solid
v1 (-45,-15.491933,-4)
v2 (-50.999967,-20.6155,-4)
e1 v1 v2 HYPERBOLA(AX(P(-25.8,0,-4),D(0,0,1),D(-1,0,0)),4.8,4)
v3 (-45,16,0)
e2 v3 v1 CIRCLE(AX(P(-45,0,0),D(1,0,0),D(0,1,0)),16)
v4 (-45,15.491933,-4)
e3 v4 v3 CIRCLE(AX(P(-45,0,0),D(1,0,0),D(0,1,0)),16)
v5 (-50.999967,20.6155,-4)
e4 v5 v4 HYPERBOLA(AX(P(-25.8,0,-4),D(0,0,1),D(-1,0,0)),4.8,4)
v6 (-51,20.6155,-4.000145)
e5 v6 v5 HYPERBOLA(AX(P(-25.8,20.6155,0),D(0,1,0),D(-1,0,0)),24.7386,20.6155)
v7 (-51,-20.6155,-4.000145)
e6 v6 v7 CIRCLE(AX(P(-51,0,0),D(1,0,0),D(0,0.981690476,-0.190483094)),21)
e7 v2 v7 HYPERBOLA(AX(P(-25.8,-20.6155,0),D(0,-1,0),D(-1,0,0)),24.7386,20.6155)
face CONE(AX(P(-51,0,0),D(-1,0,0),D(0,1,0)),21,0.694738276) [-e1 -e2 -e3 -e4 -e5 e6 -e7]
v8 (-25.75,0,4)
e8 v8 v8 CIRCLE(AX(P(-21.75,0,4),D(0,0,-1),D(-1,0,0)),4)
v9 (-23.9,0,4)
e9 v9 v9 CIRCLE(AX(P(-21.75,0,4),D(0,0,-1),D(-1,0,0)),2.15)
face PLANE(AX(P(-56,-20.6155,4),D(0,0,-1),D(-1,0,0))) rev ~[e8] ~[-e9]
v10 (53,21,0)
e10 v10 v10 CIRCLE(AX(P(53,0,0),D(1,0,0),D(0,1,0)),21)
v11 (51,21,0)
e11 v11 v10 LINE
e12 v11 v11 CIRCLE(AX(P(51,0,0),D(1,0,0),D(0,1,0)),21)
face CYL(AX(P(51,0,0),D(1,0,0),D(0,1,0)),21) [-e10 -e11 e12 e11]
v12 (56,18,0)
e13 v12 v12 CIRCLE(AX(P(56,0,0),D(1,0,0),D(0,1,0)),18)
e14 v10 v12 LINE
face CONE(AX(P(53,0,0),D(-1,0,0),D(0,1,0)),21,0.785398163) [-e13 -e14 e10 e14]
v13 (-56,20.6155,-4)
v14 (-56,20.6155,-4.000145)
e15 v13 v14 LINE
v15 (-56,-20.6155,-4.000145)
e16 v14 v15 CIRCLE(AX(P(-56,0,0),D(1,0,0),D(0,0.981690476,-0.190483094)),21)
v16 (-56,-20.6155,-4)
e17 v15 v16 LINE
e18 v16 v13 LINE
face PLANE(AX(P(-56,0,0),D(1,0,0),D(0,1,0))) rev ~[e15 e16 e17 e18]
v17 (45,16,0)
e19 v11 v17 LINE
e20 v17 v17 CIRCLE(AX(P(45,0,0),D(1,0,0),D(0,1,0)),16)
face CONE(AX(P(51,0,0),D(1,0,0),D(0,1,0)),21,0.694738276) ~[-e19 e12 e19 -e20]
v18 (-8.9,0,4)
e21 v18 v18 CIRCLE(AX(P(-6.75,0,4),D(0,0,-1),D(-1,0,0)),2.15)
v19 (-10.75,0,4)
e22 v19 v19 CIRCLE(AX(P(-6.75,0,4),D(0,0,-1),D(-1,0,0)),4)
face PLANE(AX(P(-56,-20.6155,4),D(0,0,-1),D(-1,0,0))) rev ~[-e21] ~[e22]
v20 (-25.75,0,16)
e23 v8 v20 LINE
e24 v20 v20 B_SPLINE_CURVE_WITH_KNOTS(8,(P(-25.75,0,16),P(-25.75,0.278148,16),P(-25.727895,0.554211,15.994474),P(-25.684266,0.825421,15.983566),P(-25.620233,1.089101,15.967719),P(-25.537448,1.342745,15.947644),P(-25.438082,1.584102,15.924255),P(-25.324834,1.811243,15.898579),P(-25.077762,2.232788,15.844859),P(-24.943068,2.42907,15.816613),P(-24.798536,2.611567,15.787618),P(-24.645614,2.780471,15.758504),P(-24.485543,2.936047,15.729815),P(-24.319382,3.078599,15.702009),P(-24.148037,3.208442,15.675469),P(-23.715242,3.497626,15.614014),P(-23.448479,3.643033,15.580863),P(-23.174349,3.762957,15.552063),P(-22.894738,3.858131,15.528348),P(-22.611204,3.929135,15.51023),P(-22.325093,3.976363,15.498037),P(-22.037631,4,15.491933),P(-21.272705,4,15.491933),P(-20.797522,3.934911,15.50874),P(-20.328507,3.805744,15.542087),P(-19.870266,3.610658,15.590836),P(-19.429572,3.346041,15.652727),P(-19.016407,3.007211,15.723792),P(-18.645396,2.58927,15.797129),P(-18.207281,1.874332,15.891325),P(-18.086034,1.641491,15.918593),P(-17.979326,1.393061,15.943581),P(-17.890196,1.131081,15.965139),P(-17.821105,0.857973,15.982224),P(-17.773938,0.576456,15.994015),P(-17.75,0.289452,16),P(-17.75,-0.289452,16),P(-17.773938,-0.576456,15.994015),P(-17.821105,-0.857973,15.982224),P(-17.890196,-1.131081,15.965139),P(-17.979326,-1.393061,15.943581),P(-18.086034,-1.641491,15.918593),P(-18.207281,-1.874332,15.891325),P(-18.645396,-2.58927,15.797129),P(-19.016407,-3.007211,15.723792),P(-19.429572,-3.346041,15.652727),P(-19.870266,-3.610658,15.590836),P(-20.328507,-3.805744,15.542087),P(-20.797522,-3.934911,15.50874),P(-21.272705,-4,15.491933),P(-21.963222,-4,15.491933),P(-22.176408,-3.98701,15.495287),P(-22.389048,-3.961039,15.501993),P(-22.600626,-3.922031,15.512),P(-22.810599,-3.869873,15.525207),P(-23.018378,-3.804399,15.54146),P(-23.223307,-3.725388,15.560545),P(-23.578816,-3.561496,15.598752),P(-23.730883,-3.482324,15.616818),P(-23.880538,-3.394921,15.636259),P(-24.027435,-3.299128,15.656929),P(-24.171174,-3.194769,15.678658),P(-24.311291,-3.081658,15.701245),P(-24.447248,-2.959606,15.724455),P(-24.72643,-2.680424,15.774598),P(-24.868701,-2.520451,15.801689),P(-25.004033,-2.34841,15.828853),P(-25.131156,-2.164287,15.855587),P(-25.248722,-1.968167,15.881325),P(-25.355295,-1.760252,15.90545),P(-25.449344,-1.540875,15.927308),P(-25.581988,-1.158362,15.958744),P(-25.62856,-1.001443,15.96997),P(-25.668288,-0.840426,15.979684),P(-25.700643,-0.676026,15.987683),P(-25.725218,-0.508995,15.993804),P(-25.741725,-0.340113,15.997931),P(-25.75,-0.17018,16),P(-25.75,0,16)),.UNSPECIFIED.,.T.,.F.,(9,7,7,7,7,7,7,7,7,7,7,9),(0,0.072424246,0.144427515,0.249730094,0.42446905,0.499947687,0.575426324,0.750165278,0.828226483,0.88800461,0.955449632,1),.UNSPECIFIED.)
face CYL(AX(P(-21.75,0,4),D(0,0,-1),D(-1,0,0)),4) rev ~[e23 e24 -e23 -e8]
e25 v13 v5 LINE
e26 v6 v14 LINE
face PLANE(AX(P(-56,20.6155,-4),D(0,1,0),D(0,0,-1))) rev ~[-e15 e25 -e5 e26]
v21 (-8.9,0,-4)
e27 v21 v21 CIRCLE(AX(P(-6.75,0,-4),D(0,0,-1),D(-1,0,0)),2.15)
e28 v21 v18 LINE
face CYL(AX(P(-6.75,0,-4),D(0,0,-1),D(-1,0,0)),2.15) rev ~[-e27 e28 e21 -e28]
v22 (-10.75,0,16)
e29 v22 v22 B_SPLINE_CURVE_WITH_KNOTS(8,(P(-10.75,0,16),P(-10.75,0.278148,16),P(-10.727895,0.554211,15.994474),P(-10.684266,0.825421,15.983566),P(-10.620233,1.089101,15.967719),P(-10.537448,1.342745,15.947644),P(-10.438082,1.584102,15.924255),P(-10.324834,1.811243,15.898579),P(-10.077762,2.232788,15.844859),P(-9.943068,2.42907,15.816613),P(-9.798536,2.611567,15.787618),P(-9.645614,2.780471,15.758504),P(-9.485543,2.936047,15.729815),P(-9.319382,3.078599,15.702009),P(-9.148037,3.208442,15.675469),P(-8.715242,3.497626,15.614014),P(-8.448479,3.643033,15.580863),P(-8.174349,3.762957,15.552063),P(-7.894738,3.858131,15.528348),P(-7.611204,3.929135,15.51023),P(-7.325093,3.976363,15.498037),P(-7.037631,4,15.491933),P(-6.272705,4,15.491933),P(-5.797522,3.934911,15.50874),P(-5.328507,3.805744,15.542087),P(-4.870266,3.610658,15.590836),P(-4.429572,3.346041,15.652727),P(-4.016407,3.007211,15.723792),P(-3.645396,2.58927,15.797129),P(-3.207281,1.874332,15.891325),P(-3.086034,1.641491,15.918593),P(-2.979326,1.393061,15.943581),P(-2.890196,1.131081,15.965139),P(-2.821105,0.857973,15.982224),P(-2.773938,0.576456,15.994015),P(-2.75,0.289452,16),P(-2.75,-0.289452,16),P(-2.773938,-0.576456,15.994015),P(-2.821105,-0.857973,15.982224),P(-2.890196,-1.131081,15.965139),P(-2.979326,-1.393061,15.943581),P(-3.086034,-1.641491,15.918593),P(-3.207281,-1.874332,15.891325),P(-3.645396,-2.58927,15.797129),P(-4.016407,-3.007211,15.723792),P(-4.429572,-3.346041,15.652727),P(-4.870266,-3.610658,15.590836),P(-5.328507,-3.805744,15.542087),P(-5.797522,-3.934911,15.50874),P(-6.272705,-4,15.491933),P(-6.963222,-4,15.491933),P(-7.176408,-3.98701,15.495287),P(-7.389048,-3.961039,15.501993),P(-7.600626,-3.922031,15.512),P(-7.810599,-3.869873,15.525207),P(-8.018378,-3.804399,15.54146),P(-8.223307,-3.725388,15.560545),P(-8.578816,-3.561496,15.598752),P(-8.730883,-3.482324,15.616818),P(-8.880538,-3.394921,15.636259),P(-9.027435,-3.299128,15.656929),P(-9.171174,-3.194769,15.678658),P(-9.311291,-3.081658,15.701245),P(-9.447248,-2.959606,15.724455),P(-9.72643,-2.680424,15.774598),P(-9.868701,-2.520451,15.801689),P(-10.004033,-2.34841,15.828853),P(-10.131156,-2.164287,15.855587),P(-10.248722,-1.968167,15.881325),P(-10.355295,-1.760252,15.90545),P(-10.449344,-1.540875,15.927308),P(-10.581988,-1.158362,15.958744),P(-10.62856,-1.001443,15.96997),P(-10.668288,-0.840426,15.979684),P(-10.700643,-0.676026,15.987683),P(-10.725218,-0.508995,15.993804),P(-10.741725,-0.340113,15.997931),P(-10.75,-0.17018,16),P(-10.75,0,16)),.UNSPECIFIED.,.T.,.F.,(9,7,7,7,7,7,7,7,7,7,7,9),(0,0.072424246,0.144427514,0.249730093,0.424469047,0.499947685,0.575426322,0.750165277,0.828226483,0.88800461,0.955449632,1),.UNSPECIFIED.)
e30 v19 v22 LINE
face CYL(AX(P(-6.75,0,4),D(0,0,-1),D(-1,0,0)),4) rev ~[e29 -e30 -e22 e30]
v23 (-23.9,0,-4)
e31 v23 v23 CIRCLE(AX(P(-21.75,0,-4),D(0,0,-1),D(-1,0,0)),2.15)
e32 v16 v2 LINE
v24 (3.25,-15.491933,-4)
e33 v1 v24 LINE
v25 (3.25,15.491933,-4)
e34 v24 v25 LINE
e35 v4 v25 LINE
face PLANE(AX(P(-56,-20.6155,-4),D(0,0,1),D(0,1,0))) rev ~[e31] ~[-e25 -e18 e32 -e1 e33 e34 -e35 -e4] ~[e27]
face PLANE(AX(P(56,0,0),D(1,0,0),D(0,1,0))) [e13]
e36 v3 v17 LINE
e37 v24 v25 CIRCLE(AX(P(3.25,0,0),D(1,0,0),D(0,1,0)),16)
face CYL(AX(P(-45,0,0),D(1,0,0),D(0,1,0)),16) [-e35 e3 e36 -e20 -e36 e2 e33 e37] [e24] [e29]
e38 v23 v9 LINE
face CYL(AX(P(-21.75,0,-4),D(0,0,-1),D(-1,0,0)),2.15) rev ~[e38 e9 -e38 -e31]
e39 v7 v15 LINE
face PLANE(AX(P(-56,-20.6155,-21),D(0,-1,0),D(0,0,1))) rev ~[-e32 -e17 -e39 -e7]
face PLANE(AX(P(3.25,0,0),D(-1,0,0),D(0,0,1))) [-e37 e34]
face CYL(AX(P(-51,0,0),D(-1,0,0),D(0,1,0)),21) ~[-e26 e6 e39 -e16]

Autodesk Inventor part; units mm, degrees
ref_plane "YZ Plane" through (0, 0, 0) normal (1, 0, 0) x (0, 1, 0)
ref_plane "XZ Plane" through (0, 0, 0) normal (0, 1, 0) x (-1, 0, 0)
sketch "Sketch1" plane through (0, 0, 0) normal (0, 0, 1) x (1, 0, 0)
  line L0 (0, -4.2) -> (0, 25.2) construction
  line L1 (-78.4, 0) -> (78.4, 0) construction
  line L2 (-45, 16) -> (45, 16)
  line L3 (45, 16) -> (45, 0)
  line L4 (45, 0) -> (-45, 0)
  line L5 (-45, 0) -> (-45, 16)
  line L6 (-45, 0) -> (-51, 0)
  line L7 (-51, 0) -> (-51, 21)
  line L8 (-51, 21) -> (-45, 16)
  line L9 (-51, 21) -> (-56, 21)
  line L10 (-56, 21) -> (-56, 0)
  line L11 (-56, 0) -> (-51, 0)
  line L12 (-51, 0) -> (-51, 21)
  line L13 (45, 0) -> (45, 16)
  line L14 (45, 0) -> (51, 0)
  line L15 (51, 0) -> (51, 21)
  line L16 (51, 21) -> (45, 16)
  line L17 (51, 21) -> (56, 21)
  line L18 (56, 21) -> (56, 0)
  line L19 (56, 0) -> (51, 0)
  line L20 (51, 0) -> (51, 21)
  point P0 (0, 0)
  dimension "d1" = 90
  dimension "d3" = 6
  dimension "d4" = 5
  dimension "d6" = 5
  dimension "d7" = 16
  dimension "d9" = 11
revolve "Revolution1" add sketch "Sketch1" angle 360 about axis through (-10, 0, 0) along (1, 0, 0)
sketch "Sketch2" plane through (-56, 0, 0) normal (-1, 0, 0) x (0, 0, 1)
  line L0 (-30.6, 0) -> (29.6, 0) construction
  line L1 (-4, 20.6155) -> (-21, 20.6155)
  line L2 (-21, 20.6155) -> (-21, -20.6155)
  line L3 (-21, -20.6155) -> (-4, -20.6155)
  line L4 (-4, -20.6155) -> (-4, 20.6155)
  circle A0 centre (0, 0) radius 16 construction
  circle A1 centre (0, 0) radius 16 construction
  circle A2 centre (0, 0) radius 16 construction
  line L5 (0, 0) -> (16, 0) construction
  circle A3 centre (0, 0) radius 16 construction
  circle A4 centre (0, 0) radius 21 construction
  dimension "d8" = 20
extrude "Extrusion1" cut sketch "Sketch2" against normal blind 59.25
sketch "Sketch3" plane through (-56, -20.6155, -4) normal (0, 0, -1) x (-1, 0, 0)
  line L0 (0, 41.6155) -> (0, -0.3845) construction
  line L1 (0, 20.6155) -> (-59.25, 20.6155) construction
  line L2 (-59.25, 36.1075) -> (-59.25, 5.1236) construction
  circle A0 centre (-34.25, 20.6155) radius 2.15
  circle A1 centre (-49.25, 20.6155) radius 2.15
  line L3 (-34.25, 20.6155) -> (-49.25, 20.6155) construction
  line L4 (-11, 36.6155) -> (-11, 4.6155) construction
  line L5 (-11, 4.6155) -> (-11, 36.6155) construction
  line L6 (-5, 41.6155) -> (-11, 36.6155) construction
  line L7 (-11, 5.1236) -> (-59.25, 5.1236) construction
  line L8 (-56.25, 5.1236) -> (-56.25, 36.1075) construction
  line L9 (-59.25, 36.1075) -> (-11, 36.1075) construction
  point P0 (-56, 20.6155)
  point P1 (0, 41.2311)
  point P2 (0, 0)
  point P3 (-41.75, 20.6155)
  dimension "d14" = 4.3
  dimension "d16" = 15
  dimension "d18" = 4.3
  dimension "d21" = 3
  dimension "d22" = 14.5
extrude "Extrusion2" cut sketch "Sketch3" against normal up to surface
ref_plane "Work Plane1" through (-56, -20.6155, 4) normal (0, 0, -1) x (-1, 0, 0)
sketch "Sketch4" plane through (-56, -20.6155, 4) normal (0, 0, -1) x (-1, 0, 0)
  circle A0 centre (-34.25, 20.6155) radius 2.15 projected
  circle A1 centre (-34.25, 20.6155) radius 4
  circle A2 centre (-49.25, 20.6155) radius 2.15 projected
  circle A3 centre (-49.25, 20.6155) radius 4
  point P0 (-56, 20.6155)
  dimension "d24" = 8
  dimension "d25" = 8
extrude "Extrusion3" cut sketch "Sketch4" against normal up to surface contours A0 | A1 | A2 | A3
chamfer "Chamfer1" distance 3 angle 45 1 edges at (56, -21, 0)
equation "\"d8\" = ShaftH"
equation "\"d10\" = d92 + d9 + LCClearance"
equation "\"d21\" = LCClearance"
equation "\"d26\" = d92 + d9 + LCClearance"
equation "\"ShaftH\" = 20"
equation "\"WallT\" = 3"
equation "\"SpoolOffset\" = 8"
equation "\"BottomT\" = 4"
equation "\"WallH\" = 45"
equation "\"ShaftL\" = 81"
equation "\"LCClearance\" = 3"
equation "\"d92\" = 45.25"
properties part number "FS_ShaftV3"
